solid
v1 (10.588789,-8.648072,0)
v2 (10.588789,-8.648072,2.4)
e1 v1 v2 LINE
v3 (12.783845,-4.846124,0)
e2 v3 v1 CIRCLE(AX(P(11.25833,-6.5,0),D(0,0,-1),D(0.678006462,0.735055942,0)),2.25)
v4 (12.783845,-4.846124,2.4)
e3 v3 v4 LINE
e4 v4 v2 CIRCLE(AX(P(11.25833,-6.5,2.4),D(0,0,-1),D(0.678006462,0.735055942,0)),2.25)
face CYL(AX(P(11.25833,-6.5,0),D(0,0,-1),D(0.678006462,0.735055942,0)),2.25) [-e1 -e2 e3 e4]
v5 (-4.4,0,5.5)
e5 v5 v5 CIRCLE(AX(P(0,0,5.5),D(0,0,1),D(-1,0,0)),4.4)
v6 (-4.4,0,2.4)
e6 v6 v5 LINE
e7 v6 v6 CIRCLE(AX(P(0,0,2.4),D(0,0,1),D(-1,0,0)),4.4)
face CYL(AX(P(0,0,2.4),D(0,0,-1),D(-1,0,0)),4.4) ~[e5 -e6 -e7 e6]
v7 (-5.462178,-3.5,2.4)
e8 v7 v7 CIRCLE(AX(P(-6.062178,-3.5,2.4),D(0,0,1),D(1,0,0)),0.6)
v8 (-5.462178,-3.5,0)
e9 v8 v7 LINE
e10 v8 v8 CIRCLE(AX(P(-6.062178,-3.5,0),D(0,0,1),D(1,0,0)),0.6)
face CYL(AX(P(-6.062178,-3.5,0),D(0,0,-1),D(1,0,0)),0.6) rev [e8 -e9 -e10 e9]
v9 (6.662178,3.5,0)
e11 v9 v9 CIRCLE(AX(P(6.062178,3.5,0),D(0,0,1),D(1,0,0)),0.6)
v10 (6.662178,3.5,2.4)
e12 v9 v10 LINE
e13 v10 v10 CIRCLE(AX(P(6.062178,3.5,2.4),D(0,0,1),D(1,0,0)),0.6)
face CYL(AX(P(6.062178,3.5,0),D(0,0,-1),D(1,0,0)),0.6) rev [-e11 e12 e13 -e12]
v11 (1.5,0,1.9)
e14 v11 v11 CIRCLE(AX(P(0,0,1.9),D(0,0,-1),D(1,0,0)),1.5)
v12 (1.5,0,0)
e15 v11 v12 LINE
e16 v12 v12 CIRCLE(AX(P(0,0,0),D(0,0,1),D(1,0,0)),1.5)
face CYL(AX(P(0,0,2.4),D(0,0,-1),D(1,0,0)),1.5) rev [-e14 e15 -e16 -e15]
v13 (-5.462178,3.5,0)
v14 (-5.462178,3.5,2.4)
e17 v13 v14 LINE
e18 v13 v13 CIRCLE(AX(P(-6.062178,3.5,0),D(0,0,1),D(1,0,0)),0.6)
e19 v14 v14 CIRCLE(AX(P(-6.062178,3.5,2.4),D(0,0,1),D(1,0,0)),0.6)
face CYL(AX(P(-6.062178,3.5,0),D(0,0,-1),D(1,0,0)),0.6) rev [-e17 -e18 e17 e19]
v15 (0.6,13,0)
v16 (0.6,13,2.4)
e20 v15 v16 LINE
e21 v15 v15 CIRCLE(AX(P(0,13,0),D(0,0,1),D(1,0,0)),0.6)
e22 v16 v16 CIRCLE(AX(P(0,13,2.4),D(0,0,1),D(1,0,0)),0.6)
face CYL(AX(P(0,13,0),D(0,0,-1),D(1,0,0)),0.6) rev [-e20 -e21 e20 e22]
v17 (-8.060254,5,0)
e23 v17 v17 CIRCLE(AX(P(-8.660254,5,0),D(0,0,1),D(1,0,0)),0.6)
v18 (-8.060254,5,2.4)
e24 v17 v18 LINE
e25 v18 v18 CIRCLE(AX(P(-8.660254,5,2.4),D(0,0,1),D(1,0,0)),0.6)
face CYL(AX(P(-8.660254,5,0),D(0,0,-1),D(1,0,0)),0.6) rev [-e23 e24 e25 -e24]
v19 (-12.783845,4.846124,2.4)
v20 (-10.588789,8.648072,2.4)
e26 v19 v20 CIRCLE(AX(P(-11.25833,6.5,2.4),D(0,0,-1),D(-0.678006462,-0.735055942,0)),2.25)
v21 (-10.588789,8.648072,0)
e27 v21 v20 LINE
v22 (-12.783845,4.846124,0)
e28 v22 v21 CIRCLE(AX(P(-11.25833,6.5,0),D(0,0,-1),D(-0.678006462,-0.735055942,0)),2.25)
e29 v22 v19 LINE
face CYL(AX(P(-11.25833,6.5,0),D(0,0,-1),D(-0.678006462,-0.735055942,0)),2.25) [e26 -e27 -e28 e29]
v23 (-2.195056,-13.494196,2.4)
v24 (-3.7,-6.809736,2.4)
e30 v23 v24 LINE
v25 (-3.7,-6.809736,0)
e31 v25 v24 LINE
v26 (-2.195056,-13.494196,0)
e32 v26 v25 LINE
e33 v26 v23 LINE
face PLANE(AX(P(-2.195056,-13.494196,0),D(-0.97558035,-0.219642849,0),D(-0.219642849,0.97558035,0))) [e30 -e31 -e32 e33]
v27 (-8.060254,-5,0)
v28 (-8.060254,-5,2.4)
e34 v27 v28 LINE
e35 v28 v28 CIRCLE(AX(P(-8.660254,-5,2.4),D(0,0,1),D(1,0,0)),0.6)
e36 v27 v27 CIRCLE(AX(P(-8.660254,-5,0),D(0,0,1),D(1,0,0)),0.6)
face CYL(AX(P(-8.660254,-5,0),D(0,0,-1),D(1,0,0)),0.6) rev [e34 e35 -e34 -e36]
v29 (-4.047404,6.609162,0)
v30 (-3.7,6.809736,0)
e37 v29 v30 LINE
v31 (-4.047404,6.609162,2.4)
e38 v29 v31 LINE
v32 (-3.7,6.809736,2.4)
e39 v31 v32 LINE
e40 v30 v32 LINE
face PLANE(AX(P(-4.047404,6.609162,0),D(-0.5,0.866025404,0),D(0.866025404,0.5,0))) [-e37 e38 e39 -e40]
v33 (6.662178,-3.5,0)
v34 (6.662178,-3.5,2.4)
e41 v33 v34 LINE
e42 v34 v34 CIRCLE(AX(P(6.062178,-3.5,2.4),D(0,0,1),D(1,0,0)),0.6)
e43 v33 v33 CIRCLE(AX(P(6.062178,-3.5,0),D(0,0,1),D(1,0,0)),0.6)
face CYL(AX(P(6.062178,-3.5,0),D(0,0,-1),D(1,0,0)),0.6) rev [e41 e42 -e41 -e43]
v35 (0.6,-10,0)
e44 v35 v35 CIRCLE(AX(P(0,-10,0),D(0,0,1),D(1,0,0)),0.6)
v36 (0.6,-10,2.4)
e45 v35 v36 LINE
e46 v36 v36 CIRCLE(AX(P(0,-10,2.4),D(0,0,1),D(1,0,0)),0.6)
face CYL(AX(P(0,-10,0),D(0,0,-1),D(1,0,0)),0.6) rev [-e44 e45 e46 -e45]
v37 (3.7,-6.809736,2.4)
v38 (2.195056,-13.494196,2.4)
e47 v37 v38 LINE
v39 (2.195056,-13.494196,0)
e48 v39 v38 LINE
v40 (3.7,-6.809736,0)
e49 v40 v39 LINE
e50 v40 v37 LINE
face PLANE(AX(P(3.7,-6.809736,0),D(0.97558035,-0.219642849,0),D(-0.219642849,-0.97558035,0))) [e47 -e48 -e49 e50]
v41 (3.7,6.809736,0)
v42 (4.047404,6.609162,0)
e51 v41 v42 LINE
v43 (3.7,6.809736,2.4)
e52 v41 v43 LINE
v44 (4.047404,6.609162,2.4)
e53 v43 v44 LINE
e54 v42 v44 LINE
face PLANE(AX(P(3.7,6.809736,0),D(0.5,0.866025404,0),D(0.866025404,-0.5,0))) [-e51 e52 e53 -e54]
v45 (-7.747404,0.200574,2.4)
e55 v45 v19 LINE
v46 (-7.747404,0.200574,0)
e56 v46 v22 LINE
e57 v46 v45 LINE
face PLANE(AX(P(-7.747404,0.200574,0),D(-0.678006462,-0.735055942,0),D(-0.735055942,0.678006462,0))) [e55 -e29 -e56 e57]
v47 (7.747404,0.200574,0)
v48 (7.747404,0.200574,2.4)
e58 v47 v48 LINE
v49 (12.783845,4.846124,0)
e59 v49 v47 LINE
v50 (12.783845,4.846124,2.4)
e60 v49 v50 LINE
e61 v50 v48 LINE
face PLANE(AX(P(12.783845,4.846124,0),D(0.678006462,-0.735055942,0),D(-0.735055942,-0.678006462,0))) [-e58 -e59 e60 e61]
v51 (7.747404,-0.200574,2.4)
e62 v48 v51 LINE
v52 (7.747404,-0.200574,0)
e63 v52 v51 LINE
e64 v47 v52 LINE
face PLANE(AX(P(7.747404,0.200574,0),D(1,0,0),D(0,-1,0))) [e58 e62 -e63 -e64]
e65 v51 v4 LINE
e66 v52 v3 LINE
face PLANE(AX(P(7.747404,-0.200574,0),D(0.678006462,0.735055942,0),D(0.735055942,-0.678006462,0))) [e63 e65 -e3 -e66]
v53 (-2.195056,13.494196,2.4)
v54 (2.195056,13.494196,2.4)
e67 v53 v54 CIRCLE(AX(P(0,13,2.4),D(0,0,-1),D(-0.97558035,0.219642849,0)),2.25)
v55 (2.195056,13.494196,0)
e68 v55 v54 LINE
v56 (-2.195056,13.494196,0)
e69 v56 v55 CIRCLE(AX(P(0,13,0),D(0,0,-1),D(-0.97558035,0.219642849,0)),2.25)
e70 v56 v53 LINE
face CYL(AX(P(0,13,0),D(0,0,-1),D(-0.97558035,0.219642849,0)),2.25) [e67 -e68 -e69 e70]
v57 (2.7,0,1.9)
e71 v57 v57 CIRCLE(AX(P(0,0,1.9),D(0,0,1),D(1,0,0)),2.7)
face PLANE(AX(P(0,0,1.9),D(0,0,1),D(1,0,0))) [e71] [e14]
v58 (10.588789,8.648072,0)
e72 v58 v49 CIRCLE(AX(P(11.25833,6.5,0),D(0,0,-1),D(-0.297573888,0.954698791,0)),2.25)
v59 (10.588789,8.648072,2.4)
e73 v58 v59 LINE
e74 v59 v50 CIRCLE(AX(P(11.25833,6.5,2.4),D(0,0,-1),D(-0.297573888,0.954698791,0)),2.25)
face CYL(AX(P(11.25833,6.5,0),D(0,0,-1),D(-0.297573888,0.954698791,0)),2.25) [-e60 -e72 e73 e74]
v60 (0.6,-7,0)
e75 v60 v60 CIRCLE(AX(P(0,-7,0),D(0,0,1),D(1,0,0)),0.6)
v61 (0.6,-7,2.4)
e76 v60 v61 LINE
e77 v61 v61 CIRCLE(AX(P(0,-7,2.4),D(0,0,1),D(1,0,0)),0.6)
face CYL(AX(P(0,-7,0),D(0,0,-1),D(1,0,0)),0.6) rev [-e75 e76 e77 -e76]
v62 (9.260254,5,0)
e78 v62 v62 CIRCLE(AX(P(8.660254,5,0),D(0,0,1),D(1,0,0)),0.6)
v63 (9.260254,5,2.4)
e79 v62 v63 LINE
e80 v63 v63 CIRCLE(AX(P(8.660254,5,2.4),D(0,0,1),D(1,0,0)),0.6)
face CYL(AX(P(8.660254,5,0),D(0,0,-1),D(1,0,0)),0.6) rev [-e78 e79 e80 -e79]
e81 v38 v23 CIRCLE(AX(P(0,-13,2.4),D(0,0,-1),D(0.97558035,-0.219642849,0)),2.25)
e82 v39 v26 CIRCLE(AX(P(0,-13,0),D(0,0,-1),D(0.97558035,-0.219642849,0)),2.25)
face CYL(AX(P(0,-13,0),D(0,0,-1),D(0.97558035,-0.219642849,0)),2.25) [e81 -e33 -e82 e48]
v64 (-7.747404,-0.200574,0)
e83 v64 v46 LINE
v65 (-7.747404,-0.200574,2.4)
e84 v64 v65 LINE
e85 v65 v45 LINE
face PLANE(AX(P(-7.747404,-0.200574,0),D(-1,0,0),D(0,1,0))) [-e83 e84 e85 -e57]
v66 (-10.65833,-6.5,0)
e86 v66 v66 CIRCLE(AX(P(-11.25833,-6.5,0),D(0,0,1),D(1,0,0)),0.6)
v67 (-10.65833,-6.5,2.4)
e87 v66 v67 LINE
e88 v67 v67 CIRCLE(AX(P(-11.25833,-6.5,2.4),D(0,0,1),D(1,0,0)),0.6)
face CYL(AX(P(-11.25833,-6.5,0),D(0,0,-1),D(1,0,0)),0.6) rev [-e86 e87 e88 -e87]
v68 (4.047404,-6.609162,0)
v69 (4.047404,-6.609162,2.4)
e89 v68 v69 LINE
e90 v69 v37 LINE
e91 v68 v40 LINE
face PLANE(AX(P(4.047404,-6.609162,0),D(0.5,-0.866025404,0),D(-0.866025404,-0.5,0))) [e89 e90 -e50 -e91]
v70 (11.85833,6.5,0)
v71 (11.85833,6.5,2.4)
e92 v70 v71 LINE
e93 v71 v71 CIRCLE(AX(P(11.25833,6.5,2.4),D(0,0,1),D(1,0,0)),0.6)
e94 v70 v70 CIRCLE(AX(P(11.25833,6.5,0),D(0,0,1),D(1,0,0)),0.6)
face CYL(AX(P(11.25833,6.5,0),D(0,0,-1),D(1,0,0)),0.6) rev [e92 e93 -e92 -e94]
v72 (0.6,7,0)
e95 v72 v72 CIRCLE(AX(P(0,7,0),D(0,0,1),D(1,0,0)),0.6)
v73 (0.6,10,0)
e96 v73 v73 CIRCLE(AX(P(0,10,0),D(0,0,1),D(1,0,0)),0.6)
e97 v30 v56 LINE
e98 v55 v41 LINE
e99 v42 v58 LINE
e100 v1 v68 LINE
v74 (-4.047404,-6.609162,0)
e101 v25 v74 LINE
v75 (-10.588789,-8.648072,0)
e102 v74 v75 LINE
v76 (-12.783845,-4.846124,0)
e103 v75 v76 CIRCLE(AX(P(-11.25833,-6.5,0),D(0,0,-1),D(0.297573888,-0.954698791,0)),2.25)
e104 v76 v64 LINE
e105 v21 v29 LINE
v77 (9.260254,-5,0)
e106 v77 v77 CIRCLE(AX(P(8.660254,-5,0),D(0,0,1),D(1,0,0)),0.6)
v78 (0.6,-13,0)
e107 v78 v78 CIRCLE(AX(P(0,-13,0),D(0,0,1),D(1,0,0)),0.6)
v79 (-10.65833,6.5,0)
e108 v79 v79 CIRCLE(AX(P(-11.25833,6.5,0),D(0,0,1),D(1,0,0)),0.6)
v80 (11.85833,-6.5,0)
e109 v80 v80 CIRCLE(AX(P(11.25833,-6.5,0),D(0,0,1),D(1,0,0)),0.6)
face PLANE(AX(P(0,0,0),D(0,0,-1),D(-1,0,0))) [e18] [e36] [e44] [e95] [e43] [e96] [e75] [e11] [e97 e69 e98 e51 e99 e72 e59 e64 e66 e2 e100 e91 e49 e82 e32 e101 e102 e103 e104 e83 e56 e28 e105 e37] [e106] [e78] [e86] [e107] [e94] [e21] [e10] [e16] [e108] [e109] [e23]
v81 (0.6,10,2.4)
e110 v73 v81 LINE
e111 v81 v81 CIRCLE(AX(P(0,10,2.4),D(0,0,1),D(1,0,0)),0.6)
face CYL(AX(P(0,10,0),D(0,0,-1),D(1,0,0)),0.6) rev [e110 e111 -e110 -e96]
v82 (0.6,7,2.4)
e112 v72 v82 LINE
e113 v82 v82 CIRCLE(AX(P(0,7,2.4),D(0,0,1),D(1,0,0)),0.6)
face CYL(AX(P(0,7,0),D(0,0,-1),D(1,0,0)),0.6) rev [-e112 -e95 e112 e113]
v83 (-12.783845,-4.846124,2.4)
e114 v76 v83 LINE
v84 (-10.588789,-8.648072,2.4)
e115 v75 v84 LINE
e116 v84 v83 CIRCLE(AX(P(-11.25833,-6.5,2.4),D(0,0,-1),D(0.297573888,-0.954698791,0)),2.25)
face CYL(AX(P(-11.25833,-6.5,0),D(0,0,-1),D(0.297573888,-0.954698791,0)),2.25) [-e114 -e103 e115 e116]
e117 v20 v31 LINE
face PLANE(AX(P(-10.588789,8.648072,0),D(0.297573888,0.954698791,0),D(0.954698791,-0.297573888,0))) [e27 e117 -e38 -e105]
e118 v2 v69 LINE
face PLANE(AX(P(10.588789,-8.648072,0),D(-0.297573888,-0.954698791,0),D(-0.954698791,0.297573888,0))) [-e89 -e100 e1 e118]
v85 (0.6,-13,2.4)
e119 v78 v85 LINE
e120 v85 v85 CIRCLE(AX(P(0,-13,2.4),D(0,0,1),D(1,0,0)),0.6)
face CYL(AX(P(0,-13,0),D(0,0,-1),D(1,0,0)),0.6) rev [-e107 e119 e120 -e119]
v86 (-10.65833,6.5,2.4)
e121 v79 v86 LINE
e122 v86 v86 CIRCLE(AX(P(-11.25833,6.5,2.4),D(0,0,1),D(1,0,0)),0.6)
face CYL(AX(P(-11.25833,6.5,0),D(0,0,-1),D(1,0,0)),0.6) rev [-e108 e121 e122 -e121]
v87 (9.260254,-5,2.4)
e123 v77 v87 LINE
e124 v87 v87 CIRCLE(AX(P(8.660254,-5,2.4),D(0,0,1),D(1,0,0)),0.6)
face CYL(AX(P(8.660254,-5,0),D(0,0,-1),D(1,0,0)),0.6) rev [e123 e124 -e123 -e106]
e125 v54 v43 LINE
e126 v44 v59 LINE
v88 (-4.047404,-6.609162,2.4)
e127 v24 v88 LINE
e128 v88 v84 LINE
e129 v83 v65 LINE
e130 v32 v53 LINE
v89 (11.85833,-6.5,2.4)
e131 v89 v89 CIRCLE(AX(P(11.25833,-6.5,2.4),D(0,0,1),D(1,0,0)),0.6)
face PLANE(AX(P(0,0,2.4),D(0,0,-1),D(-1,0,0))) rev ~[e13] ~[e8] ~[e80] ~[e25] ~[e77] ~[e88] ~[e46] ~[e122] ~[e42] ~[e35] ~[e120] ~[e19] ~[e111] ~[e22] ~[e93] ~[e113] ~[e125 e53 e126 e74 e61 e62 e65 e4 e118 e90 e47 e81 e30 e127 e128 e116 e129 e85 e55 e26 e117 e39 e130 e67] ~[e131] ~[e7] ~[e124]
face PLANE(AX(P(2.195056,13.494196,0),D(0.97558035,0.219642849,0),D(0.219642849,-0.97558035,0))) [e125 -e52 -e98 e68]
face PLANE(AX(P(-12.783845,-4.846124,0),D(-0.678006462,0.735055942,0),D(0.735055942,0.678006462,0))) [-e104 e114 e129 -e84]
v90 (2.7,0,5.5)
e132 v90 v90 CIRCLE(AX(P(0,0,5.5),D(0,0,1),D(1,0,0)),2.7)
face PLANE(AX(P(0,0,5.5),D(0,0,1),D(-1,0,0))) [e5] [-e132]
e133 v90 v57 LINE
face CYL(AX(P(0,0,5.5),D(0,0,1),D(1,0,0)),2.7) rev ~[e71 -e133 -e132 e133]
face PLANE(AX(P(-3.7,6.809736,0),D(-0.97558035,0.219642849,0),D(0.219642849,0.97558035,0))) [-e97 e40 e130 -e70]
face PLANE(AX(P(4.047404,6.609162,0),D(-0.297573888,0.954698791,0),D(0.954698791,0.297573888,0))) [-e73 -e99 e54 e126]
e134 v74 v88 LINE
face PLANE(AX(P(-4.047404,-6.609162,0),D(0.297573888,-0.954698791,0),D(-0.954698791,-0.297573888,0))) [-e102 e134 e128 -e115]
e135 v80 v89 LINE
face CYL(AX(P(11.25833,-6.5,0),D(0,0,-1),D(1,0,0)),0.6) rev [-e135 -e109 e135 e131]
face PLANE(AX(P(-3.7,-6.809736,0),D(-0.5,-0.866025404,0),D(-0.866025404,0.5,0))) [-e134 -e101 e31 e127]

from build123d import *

# Parameters (mm, degrees)
SKIZZE1_R                       = 1.5
SKIZZE1_R_2                     = 0.6
AUFSATZ_LINEAR_AUSTRAGEN1_DEPTH = 2.4
SKIZZE2_R                       = 4.4
SKIZZE2_R_2                     = 1.5
AUFSATZ_LINEAR_AUSTRAGEN2_DEPTH = 3.1
SKIZZE4_R                       = 2.7
SCHNITT_LINEAR_AUSTRAGEN1_DEPTH = 3.6


with BuildPart() as part:
    # Skizze1 → Aufsatz-Linear austragen1 (new body)
    with BuildSketch(Plane.XY):
        with BuildLine():
            Line((-3.7, 6.809735678), (-2.195055787, 13.494196411))
            ThreePointArc((-2.195055787, 13.494196411), (0, 15.25), (2.195055787, 13.494196411))
            Line((2.195055787, 13.494196411), (3.7, 6.809735678))
            Line((3.7, 6.809735678), (4.04740409, 6.609161833))
            Line((4.04740409, 6.609161833), (10.588789002, 8.64807228))
            ThreePointArc((10.588789002, 8.64807228), (13.206887408, 7.625), (12.783844789, 4.846124131))
            Line((12.783844789, 4.846124131), (7.74740409, 0.200573845))
            Line((7.74740409, 0.200573845), (7.74740409, -0.200573845))
            Line((7.74740409, -0.200573845), (12.783844789, -4.846124131))
            ThreePointArc((12.783844789, -4.846124131), (13.206887408, -7.625), (10.588789002, -8.64807228))
            Line((10.588789002, -8.64807228), (4.04740409, -6.609161833))
            Line((4.04740409, -6.609161833), (3.7, -6.809735678))
            Line((3.7, -6.809735678), (2.195055787, -13.494196411))
            ThreePointArc((2.195055787, -13.494196411), (0, -15.25), (-2.195055787, -13.494196411))
            Line((-2.195055787, -13.494196411), (-3.7, -6.809735678))
            Line((-3.7, -6.809735678), (-4.04740409, -6.609161833))
            Line((-4.04740409, -6.609161833), (-10.588789002, -8.64807228))
            ThreePointArc((-10.588789002, -8.64807228), (-13.206887408, -7.625), (-12.783844789, -4.846124131))
            Line((-12.783844789, -4.846124131), (-7.74740409, -0.200573845))
            Line((-7.74740409, -0.200573845), (-7.74740409, 0.200573845))
            Line((-7.74740409, 0.200573845), (-12.783844789, 4.846124131))
            ThreePointArc((-12.783844789, 4.846124131), (-13.206887408, 7.625), (-10.588789002, 8.64807228))
            Line((-10.588789002, 8.64807228), (-4.04740409, 6.609161833))
            Line((-4.04740409, 6.609161833), (-3.7, 6.809735678))
        make_face()
        Circle(SKIZZE1_R, mode=Mode.SUBTRACT)
        with Locations((0, 13)):
            Circle(SKIZZE1_R_2, mode=Mode.SUBTRACT)
        with Locations((0, 10)):
            Circle(SKIZZE1_R_2, mode=Mode.SUBTRACT)
        with Locations((0, 7)):
            Circle(SKIZZE1_R_2, mode=Mode.SUBTRACT)
        with Locations((6.062177826, 3.5)):
            Circle(SKIZZE1_R_2, mode=Mode.SUBTRACT)
        with Locations((8.660254038, 5)):
            Circle(SKIZZE1_R_2, mode=Mode.SUBTRACT)
        with Locations((11.258330249, 6.5)):
            Circle(SKIZZE1_R_2, mode=Mode.SUBTRACT)
        with Locations((6.062177826, -3.5)):
            Circle(SKIZZE1_R_2, mode=Mode.SUBTRACT)
        with Locations((8.660254038, -5)):
            Circle(SKIZZE1_R_2, mode=Mode.SUBTRACT)
        with Locations((11.258330249, -6.5)):
            Circle(SKIZZE1_R_2, mode=Mode.SUBTRACT)
        with Locations((0, -7)):
            Circle(SKIZZE1_R_2, mode=Mode.SUBTRACT)
        with Locations((0, -10)):
            Circle(SKIZZE1_R_2, mode=Mode.SUBTRACT)
        with Locations((0, -13)):
            Circle(SKIZZE1_R_2, mode=Mode.SUBTRACT)
        with Locations((-6.062177826, -3.5)):
            Circle(SKIZZE1_R_2, mode=Mode.SUBTRACT)
        with Locations((-8.660254038, -5)):
            Circle(SKIZZE1_R_2, mode=Mode.SUBTRACT)
        with Locations((-11.258330249, -6.5)):
            Circle(SKIZZE1_R_2, mode=Mode.SUBTRACT)
        with Locations((-6.062177826, 3.5)):
            Circle(SKIZZE1_R_2, mode=Mode.SUBTRACT)
        with Locations((-8.660254038, 5)):
            Circle(SKIZZE1_R_2, mode=Mode.SUBTRACT)
        with Locations((-11.258330249, 6.5)):
            Circle(SKIZZE1_R_2, mode=Mode.SUBTRACT)
    extrude(amount=AUFSATZ_LINEAR_AUSTRAGEN1_DEPTH)

    # Skizze2 → Aufsatz-Linear austragen2 (add)
    with BuildSketch(Plane.XY.offset(2.4)):
        with Locations(Location((0, 0, 0), (0, 0, 180))):
            Circle(SKIZZE2_R)
        Circle(SKIZZE2_R_2, mode=Mode.SUBTRACT)
    extrude(amount=AUFSATZ_LINEAR_AUSTRAGEN2_DEPTH)

    # Skizze4 → Schnitt-Linear austragen1 (cut)
    with BuildSketch(Plane.XY.offset(5.5)):
        Circle(SKIZZE4_R)
    extrude(amount=-SCHNITT_LINEAR_AUSTRAGEN1_DEPTH, mode=Mode.SUBTRACT)


solid = part.part
